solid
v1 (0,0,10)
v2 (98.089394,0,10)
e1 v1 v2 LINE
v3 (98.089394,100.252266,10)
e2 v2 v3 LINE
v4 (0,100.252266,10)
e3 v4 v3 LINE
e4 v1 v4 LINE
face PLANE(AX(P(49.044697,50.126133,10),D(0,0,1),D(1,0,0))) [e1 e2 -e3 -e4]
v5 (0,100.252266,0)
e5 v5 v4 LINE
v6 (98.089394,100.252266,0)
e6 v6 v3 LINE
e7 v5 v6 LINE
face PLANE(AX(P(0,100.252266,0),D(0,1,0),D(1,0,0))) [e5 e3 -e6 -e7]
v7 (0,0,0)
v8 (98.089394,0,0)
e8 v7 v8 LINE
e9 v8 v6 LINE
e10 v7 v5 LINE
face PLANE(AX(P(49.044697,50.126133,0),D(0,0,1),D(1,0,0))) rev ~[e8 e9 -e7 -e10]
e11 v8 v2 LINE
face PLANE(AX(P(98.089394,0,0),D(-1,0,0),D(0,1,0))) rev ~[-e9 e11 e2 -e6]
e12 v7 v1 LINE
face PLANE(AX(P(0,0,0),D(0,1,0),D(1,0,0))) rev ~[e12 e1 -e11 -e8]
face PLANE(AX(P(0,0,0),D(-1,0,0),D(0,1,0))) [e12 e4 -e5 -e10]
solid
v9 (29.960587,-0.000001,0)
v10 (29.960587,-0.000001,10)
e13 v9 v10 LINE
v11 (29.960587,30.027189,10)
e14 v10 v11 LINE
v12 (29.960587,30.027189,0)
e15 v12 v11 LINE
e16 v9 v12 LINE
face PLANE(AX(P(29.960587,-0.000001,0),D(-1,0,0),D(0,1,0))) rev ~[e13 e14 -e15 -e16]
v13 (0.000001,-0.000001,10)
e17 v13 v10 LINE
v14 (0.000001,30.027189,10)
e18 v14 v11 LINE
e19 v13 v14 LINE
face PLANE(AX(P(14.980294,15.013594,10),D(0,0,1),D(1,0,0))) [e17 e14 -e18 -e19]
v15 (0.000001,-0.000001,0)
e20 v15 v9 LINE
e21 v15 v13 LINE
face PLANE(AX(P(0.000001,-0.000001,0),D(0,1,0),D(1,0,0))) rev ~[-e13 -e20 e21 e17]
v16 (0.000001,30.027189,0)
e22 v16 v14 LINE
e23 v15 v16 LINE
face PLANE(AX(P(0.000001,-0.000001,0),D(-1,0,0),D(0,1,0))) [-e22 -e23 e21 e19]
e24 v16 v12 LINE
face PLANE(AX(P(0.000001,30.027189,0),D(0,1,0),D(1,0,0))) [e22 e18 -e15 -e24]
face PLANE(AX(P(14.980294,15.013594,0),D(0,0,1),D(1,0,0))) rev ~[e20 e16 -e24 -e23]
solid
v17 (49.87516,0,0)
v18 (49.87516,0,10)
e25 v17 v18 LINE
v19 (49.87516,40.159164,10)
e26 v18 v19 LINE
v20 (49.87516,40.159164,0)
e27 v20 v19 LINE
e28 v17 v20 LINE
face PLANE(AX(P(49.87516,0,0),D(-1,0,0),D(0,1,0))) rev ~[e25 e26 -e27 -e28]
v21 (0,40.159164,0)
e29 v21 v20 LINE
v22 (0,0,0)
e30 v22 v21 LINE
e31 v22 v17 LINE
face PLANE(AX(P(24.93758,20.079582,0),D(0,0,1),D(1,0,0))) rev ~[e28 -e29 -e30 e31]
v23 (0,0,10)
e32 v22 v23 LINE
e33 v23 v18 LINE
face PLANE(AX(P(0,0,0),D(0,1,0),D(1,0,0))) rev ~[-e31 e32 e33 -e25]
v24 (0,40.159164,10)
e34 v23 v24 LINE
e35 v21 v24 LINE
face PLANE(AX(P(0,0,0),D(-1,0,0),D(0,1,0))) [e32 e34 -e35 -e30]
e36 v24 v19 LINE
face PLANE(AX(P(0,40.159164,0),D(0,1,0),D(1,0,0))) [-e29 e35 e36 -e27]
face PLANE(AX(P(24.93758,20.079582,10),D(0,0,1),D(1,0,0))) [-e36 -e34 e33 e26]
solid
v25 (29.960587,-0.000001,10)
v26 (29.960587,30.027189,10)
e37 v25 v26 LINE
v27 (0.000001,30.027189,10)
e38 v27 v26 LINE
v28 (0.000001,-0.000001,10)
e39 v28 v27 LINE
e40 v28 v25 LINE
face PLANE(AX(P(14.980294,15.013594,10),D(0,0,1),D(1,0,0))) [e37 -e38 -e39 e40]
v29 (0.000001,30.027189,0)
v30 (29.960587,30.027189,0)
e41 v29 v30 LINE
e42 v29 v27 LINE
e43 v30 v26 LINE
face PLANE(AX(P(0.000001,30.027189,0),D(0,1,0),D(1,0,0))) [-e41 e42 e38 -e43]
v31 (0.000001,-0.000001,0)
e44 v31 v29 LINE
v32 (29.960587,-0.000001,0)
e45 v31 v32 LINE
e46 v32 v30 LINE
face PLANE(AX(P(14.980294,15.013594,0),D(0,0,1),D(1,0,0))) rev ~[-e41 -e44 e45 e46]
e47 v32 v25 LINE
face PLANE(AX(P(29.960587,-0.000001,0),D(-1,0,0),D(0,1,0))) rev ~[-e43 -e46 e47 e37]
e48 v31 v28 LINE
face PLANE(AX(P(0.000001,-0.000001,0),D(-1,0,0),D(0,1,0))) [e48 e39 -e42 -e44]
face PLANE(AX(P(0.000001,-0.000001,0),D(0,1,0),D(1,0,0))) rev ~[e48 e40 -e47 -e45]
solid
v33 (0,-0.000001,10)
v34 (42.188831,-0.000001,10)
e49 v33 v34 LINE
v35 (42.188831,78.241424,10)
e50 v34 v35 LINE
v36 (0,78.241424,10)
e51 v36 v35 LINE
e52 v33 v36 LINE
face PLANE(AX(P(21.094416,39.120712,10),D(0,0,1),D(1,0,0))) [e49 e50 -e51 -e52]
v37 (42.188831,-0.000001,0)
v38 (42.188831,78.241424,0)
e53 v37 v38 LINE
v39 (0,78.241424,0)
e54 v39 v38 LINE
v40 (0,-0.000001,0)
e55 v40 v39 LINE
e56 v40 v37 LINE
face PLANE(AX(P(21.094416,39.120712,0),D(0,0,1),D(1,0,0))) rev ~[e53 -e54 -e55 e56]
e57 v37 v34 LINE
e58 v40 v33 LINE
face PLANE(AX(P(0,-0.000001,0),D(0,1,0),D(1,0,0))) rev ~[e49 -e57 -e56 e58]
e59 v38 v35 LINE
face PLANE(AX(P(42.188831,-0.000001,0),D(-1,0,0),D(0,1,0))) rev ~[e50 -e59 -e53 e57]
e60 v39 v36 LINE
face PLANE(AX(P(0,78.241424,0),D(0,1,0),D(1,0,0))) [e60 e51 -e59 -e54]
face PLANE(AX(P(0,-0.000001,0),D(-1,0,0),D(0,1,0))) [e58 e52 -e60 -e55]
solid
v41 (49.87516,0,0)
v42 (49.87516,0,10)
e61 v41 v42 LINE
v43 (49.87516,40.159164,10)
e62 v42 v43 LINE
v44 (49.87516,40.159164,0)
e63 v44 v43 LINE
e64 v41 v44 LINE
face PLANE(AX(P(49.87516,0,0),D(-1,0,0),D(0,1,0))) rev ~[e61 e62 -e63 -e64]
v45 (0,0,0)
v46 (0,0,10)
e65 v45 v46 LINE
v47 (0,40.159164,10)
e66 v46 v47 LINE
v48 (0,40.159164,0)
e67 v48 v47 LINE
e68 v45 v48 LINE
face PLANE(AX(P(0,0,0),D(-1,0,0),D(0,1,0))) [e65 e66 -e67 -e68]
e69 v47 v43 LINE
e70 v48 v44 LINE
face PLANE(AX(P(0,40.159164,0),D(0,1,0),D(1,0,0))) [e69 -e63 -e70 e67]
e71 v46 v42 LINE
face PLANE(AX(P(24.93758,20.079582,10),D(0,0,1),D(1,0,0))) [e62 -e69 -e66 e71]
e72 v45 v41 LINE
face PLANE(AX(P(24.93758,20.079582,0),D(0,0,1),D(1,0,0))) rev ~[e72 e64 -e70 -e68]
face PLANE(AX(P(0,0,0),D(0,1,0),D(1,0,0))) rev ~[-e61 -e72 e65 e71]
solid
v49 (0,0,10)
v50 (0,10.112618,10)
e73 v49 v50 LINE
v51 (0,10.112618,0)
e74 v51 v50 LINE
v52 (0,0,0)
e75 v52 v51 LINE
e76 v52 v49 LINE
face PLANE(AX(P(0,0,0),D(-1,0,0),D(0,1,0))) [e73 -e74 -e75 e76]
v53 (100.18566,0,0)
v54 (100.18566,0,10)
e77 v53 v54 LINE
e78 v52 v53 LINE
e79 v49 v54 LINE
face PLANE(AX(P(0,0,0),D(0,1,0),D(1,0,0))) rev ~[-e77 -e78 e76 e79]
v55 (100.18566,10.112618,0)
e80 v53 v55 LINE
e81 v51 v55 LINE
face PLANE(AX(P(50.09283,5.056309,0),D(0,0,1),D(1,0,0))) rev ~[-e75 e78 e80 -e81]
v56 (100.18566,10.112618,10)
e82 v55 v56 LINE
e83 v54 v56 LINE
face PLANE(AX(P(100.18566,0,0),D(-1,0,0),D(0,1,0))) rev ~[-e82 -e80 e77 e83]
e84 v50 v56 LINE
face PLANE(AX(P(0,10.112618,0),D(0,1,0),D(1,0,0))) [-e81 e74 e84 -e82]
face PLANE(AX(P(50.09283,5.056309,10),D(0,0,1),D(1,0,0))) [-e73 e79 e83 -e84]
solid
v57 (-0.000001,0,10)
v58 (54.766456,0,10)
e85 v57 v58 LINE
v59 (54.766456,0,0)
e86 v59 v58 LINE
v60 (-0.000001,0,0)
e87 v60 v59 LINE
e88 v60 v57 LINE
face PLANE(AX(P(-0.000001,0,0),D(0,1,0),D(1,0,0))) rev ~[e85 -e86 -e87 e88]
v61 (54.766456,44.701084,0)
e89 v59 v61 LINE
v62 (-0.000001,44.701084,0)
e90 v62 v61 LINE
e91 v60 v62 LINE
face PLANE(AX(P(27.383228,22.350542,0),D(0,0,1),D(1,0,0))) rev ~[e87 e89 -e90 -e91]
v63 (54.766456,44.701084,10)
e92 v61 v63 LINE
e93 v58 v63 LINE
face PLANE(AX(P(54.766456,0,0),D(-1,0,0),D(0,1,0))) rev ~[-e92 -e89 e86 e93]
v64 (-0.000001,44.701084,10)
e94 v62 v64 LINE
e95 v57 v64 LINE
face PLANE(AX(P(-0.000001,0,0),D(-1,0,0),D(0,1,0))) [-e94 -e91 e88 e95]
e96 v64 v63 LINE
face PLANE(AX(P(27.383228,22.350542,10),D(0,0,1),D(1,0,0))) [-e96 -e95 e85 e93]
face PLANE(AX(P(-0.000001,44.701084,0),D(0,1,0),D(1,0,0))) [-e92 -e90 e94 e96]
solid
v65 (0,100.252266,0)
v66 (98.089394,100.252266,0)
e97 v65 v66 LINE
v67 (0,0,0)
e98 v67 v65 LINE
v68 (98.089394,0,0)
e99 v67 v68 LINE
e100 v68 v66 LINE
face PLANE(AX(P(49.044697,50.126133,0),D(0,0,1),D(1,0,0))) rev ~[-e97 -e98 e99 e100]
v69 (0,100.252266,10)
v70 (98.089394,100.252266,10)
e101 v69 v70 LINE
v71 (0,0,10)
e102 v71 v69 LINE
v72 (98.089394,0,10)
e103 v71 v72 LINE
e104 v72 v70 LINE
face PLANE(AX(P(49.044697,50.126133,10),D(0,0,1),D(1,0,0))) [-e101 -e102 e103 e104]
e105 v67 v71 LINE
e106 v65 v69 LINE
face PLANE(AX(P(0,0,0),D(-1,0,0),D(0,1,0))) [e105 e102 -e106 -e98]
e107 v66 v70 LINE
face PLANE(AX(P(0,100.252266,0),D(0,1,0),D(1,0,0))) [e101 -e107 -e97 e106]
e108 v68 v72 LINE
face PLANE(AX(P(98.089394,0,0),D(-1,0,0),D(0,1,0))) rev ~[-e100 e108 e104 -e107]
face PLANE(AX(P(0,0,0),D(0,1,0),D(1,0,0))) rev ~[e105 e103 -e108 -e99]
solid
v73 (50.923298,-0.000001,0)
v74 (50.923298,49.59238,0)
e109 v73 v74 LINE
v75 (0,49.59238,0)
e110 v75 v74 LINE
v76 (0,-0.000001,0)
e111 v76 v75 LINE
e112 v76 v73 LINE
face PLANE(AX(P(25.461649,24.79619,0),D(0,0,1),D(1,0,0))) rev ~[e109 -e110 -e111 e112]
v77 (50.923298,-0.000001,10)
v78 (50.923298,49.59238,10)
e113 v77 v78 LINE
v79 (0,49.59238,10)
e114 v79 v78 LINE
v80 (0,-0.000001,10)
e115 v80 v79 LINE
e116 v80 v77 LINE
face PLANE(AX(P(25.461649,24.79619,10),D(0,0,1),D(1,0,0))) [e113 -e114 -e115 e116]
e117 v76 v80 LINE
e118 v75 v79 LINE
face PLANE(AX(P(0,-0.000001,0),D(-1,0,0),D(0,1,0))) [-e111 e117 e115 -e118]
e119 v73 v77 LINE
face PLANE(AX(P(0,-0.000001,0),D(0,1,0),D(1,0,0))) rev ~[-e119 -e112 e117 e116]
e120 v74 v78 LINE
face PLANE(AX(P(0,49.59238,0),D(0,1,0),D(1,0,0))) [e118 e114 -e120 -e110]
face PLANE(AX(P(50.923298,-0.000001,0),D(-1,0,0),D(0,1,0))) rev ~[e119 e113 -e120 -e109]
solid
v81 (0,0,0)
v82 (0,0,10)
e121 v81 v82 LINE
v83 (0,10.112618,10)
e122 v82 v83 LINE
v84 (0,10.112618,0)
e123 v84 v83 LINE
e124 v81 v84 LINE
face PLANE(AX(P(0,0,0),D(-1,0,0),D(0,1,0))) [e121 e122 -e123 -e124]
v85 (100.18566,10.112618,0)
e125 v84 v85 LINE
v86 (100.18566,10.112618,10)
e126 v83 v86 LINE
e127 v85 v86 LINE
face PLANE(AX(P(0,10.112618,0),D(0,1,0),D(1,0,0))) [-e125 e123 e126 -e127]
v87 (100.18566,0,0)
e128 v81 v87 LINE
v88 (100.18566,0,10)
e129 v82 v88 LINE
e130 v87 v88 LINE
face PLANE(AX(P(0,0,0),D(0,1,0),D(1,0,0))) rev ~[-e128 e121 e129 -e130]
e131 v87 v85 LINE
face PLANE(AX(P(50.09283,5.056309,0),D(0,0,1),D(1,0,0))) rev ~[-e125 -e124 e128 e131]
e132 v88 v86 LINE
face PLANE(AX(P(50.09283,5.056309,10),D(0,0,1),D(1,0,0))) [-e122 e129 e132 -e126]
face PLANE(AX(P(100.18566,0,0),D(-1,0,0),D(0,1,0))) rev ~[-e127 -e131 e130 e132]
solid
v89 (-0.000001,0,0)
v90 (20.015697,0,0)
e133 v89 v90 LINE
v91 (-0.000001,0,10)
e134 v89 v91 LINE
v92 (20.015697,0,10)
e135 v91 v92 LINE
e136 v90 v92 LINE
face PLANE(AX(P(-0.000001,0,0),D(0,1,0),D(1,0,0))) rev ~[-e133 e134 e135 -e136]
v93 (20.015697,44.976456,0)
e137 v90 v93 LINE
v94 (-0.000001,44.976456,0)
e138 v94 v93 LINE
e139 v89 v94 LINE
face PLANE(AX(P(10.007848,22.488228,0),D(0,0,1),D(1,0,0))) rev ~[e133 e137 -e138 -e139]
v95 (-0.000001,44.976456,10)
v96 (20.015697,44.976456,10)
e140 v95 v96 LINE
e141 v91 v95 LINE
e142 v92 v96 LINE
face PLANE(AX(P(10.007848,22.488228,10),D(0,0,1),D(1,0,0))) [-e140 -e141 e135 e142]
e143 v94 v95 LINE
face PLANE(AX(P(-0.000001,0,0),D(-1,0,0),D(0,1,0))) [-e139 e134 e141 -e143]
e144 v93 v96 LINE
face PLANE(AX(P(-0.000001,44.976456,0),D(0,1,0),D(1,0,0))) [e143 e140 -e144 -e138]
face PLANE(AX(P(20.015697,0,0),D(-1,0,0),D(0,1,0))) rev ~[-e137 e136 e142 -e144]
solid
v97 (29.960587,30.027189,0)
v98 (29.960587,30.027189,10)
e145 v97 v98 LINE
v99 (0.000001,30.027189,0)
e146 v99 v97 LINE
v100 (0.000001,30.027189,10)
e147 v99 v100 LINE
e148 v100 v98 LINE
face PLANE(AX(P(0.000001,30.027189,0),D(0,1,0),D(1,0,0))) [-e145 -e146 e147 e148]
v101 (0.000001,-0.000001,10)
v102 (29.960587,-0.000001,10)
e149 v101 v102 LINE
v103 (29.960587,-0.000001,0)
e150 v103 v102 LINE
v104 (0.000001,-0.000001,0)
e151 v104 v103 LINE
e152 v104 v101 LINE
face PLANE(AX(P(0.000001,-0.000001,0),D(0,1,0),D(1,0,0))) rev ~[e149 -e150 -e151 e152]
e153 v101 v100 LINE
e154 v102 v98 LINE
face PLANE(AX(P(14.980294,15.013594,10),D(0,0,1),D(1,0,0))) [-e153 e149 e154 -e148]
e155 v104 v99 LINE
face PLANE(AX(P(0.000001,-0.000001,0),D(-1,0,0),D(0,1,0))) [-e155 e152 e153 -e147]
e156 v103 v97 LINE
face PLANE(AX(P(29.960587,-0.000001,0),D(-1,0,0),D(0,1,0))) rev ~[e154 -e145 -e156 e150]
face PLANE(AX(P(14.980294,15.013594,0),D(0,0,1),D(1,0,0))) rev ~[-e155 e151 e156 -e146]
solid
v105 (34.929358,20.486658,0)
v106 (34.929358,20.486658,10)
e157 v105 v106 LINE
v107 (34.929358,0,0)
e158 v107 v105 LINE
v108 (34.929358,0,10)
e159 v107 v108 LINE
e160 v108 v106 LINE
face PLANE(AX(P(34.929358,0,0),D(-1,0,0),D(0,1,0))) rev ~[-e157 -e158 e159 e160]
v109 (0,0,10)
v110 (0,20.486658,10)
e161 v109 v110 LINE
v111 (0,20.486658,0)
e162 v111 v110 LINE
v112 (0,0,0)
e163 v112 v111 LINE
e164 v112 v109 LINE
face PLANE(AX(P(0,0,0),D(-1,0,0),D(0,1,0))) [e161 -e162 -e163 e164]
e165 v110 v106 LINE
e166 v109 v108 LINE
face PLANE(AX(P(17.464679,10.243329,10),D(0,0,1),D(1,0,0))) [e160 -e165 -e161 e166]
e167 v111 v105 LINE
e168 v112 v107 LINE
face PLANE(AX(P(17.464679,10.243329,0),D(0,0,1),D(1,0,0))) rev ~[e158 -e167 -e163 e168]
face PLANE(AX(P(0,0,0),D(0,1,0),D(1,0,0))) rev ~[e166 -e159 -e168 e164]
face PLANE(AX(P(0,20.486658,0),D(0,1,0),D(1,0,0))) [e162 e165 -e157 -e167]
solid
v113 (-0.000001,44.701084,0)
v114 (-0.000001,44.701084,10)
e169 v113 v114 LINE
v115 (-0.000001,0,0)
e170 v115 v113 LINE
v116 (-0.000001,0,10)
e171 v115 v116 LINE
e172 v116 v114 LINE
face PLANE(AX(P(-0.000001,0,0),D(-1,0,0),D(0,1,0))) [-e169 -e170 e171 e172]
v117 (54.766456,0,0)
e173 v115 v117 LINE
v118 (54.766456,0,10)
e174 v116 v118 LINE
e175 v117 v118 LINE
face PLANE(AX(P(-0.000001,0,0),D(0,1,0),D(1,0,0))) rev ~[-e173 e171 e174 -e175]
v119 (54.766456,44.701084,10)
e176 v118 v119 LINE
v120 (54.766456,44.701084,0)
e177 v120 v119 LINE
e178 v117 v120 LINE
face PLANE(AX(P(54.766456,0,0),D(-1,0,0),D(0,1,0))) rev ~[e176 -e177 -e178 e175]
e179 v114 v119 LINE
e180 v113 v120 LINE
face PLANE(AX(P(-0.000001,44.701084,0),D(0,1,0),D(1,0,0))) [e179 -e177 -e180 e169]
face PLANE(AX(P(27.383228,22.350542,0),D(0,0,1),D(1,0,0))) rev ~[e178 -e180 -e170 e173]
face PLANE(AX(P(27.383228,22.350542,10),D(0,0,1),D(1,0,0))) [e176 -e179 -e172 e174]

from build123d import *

# Parameters (mm, degrees)
SKETCH_W     = 34.929359
SKETCH_H     = 20.486658
PAD_DEPTH    = 10
SKETCH001_W  = 20.015697
SKETCH001_H  = 44.976456
PAD001_DEPTH = 10
SKETCH002_W  = 29.960587
SKETCH002_H  = 30.027189
PAD002_DEPTH = 10
SKETCH003_W  = 54.766457
SKETCH003_H  = 44.701084
PAD003_DEPTH = 10
SKETCH004_W  = 42.188831
SKETCH004_H  = 78.241425
PAD004_DEPTH = 10
SKETCH005_W  = 100.185661
SKETCH005_H  = 10.112617
PAD005_DEPTH = 10
SKETCH006_W  = 49.87516
SKETCH006_H  = 40.159164
PAD006_DEPTH = 10
SKETCH007_W  = 98.089394
SKETCH007_H  = 100.252266
PAD007_DEPTH = 10
SKETCH008_W  = 50.923298
SKETCH008_H  = 49.592381
PAD008_DEPTH = 10
SKETCH009_W  = 29.960587
SKETCH009_H  = 30.027189
PAD009_DEPTH = 10
SKETCH010_W  = 49.87516
SKETCH010_H  = 40.159164
PAD010_DEPTH = 10
SKETCH011_W  = 54.766457
SKETCH011_H  = 44.701084
PAD011_DEPTH = 10
SKETCH012_W  = 29.960587
SKETCH012_H  = 30.027189
PAD012_DEPTH = 10
SKETCH013_W  = 100.185661
SKETCH013_H  = 10.112617
PAD013_DEPTH = 10
SKETCH014_W  = 98.089394
SKETCH014_H  = 100.252266
PAD014_DEPTH = 10


with BuildPart() as body:
    # Sketch → Pad (new body)
    with BuildSketch(Plane.XY):
        with Locations((17.464679, 10.243329)):
            Rectangle(SKETCH_W, SKETCH_H)
    extrude(amount=PAD_DEPTH)


with BuildPart() as body001:
    # Sketch001 → Pad001 (new body)
    with BuildSketch(Plane.XY):
        with Locations((10.007848, 22.488228)):
            Rectangle(SKETCH001_W, SKETCH001_H)
    extrude(amount=PAD001_DEPTH)


with BuildPart() as body002:
    # Sketch002 → Pad002 (new body)
    with BuildSketch(Plane.XY):
        with Locations((14.980294, 15.013594)):
            Rectangle(SKETCH002_W, SKETCH002_H)
    extrude(amount=PAD002_DEPTH)


with BuildPart() as body003:
    # Sketch003 → Pad003 (new body)
    with BuildSketch(Plane.XY):
        with Locations((27.383228, 22.350542)):
            Rectangle(SKETCH003_W, SKETCH003_H)
    extrude(amount=PAD003_DEPTH)


with BuildPart() as body004:
    # Sketch004 → Pad004 (new body)
    with BuildSketch(Plane.XY):
        with Locations((21.094416, 39.120712)):
            Rectangle(SKETCH004_W, SKETCH004_H)
    extrude(amount=PAD004_DEPTH)


with BuildPart() as body005:
    # Sketch005 → Pad005 (new body)
    with BuildSketch(Plane.XY):
        with Locations((50.09283, 5.056309)):
            Rectangle(SKETCH005_W, SKETCH005_H)
    extrude(amount=PAD005_DEPTH)


with BuildPart() as body006:
    # Sketch006 → Pad006 (new body)
    with BuildSketch(Plane.XY):
        with Locations((24.93758, 20.079582)):
            Rectangle(SKETCH006_W, SKETCH006_H)
    extrude(amount=PAD006_DEPTH)


with BuildPart() as body007:
    # Sketch007 → Pad007 (new body)
    with BuildSketch(Plane.XY):
        with Locations((49.044697, 50.126133)):
            Rectangle(SKETCH007_W, SKETCH007_H)
    extrude(amount=PAD007_DEPTH)


with BuildPart() as body008:
    # Sketch008 → Pad008 (new body)
    with BuildSketch(Plane.XY):
        with Locations((25.461649, 24.79619)):
            Rectangle(SKETCH008_W, SKETCH008_H)
    extrude(amount=PAD008_DEPTH)


with BuildPart() as body009:
    # Sketch009 → Pad009 (new body)
    with BuildSketch(Plane.XY):
        with Locations((14.980294, 15.013594)):
            Rectangle(SKETCH009_W, SKETCH009_H)
    extrude(amount=PAD009_DEPTH)


with BuildPart() as body010:
    # Sketch010 → Pad010 (new body)
    with BuildSketch(Plane.XY):
        with Locations((24.93758, 20.079582)):
            Rectangle(SKETCH010_W, SKETCH010_H)
    extrude(amount=PAD010_DEPTH)


with BuildPart() as body011:
    # Sketch011 → Pad011 (new body)
    with BuildSketch(Plane.XY):
        with Locations((27.383228, 22.350542)):
            Rectangle(SKETCH011_W, SKETCH011_H)
    extrude(amount=PAD011_DEPTH)


with BuildPart() as body012:
    # Sketch012 → Pad012 (new body)
    with BuildSketch(Plane.XY):
        with Locations((14.980294, 15.013594)):
            Rectangle(SKETCH012_W, SKETCH012_H)
    extrude(amount=PAD012_DEPTH)


with BuildPart() as body013:
    # Sketch013 → Pad013 (new body)
    with BuildSketch(Plane.XY):
        with Locations((50.09283, 5.056309)):
            Rectangle(SKETCH013_W, SKETCH013_H)
    extrude(amount=PAD013_DEPTH)


with BuildPart() as body014:
    # Sketch014 → Pad014 (new body)
    with BuildSketch(Plane.XY):
        with Locations((49.044697, 50.126133)):
            Rectangle(SKETCH014_W, SKETCH014_H)
    extrude(amount=PAD014_DEPTH)


solid = Compound([body.part, body001.part, body002.part, body003.part, body004.part, body005.part, body006.part, body007.part, body008.part, body009.part, body010.part, body011.part, body012.part, body013.part, body014.part])
